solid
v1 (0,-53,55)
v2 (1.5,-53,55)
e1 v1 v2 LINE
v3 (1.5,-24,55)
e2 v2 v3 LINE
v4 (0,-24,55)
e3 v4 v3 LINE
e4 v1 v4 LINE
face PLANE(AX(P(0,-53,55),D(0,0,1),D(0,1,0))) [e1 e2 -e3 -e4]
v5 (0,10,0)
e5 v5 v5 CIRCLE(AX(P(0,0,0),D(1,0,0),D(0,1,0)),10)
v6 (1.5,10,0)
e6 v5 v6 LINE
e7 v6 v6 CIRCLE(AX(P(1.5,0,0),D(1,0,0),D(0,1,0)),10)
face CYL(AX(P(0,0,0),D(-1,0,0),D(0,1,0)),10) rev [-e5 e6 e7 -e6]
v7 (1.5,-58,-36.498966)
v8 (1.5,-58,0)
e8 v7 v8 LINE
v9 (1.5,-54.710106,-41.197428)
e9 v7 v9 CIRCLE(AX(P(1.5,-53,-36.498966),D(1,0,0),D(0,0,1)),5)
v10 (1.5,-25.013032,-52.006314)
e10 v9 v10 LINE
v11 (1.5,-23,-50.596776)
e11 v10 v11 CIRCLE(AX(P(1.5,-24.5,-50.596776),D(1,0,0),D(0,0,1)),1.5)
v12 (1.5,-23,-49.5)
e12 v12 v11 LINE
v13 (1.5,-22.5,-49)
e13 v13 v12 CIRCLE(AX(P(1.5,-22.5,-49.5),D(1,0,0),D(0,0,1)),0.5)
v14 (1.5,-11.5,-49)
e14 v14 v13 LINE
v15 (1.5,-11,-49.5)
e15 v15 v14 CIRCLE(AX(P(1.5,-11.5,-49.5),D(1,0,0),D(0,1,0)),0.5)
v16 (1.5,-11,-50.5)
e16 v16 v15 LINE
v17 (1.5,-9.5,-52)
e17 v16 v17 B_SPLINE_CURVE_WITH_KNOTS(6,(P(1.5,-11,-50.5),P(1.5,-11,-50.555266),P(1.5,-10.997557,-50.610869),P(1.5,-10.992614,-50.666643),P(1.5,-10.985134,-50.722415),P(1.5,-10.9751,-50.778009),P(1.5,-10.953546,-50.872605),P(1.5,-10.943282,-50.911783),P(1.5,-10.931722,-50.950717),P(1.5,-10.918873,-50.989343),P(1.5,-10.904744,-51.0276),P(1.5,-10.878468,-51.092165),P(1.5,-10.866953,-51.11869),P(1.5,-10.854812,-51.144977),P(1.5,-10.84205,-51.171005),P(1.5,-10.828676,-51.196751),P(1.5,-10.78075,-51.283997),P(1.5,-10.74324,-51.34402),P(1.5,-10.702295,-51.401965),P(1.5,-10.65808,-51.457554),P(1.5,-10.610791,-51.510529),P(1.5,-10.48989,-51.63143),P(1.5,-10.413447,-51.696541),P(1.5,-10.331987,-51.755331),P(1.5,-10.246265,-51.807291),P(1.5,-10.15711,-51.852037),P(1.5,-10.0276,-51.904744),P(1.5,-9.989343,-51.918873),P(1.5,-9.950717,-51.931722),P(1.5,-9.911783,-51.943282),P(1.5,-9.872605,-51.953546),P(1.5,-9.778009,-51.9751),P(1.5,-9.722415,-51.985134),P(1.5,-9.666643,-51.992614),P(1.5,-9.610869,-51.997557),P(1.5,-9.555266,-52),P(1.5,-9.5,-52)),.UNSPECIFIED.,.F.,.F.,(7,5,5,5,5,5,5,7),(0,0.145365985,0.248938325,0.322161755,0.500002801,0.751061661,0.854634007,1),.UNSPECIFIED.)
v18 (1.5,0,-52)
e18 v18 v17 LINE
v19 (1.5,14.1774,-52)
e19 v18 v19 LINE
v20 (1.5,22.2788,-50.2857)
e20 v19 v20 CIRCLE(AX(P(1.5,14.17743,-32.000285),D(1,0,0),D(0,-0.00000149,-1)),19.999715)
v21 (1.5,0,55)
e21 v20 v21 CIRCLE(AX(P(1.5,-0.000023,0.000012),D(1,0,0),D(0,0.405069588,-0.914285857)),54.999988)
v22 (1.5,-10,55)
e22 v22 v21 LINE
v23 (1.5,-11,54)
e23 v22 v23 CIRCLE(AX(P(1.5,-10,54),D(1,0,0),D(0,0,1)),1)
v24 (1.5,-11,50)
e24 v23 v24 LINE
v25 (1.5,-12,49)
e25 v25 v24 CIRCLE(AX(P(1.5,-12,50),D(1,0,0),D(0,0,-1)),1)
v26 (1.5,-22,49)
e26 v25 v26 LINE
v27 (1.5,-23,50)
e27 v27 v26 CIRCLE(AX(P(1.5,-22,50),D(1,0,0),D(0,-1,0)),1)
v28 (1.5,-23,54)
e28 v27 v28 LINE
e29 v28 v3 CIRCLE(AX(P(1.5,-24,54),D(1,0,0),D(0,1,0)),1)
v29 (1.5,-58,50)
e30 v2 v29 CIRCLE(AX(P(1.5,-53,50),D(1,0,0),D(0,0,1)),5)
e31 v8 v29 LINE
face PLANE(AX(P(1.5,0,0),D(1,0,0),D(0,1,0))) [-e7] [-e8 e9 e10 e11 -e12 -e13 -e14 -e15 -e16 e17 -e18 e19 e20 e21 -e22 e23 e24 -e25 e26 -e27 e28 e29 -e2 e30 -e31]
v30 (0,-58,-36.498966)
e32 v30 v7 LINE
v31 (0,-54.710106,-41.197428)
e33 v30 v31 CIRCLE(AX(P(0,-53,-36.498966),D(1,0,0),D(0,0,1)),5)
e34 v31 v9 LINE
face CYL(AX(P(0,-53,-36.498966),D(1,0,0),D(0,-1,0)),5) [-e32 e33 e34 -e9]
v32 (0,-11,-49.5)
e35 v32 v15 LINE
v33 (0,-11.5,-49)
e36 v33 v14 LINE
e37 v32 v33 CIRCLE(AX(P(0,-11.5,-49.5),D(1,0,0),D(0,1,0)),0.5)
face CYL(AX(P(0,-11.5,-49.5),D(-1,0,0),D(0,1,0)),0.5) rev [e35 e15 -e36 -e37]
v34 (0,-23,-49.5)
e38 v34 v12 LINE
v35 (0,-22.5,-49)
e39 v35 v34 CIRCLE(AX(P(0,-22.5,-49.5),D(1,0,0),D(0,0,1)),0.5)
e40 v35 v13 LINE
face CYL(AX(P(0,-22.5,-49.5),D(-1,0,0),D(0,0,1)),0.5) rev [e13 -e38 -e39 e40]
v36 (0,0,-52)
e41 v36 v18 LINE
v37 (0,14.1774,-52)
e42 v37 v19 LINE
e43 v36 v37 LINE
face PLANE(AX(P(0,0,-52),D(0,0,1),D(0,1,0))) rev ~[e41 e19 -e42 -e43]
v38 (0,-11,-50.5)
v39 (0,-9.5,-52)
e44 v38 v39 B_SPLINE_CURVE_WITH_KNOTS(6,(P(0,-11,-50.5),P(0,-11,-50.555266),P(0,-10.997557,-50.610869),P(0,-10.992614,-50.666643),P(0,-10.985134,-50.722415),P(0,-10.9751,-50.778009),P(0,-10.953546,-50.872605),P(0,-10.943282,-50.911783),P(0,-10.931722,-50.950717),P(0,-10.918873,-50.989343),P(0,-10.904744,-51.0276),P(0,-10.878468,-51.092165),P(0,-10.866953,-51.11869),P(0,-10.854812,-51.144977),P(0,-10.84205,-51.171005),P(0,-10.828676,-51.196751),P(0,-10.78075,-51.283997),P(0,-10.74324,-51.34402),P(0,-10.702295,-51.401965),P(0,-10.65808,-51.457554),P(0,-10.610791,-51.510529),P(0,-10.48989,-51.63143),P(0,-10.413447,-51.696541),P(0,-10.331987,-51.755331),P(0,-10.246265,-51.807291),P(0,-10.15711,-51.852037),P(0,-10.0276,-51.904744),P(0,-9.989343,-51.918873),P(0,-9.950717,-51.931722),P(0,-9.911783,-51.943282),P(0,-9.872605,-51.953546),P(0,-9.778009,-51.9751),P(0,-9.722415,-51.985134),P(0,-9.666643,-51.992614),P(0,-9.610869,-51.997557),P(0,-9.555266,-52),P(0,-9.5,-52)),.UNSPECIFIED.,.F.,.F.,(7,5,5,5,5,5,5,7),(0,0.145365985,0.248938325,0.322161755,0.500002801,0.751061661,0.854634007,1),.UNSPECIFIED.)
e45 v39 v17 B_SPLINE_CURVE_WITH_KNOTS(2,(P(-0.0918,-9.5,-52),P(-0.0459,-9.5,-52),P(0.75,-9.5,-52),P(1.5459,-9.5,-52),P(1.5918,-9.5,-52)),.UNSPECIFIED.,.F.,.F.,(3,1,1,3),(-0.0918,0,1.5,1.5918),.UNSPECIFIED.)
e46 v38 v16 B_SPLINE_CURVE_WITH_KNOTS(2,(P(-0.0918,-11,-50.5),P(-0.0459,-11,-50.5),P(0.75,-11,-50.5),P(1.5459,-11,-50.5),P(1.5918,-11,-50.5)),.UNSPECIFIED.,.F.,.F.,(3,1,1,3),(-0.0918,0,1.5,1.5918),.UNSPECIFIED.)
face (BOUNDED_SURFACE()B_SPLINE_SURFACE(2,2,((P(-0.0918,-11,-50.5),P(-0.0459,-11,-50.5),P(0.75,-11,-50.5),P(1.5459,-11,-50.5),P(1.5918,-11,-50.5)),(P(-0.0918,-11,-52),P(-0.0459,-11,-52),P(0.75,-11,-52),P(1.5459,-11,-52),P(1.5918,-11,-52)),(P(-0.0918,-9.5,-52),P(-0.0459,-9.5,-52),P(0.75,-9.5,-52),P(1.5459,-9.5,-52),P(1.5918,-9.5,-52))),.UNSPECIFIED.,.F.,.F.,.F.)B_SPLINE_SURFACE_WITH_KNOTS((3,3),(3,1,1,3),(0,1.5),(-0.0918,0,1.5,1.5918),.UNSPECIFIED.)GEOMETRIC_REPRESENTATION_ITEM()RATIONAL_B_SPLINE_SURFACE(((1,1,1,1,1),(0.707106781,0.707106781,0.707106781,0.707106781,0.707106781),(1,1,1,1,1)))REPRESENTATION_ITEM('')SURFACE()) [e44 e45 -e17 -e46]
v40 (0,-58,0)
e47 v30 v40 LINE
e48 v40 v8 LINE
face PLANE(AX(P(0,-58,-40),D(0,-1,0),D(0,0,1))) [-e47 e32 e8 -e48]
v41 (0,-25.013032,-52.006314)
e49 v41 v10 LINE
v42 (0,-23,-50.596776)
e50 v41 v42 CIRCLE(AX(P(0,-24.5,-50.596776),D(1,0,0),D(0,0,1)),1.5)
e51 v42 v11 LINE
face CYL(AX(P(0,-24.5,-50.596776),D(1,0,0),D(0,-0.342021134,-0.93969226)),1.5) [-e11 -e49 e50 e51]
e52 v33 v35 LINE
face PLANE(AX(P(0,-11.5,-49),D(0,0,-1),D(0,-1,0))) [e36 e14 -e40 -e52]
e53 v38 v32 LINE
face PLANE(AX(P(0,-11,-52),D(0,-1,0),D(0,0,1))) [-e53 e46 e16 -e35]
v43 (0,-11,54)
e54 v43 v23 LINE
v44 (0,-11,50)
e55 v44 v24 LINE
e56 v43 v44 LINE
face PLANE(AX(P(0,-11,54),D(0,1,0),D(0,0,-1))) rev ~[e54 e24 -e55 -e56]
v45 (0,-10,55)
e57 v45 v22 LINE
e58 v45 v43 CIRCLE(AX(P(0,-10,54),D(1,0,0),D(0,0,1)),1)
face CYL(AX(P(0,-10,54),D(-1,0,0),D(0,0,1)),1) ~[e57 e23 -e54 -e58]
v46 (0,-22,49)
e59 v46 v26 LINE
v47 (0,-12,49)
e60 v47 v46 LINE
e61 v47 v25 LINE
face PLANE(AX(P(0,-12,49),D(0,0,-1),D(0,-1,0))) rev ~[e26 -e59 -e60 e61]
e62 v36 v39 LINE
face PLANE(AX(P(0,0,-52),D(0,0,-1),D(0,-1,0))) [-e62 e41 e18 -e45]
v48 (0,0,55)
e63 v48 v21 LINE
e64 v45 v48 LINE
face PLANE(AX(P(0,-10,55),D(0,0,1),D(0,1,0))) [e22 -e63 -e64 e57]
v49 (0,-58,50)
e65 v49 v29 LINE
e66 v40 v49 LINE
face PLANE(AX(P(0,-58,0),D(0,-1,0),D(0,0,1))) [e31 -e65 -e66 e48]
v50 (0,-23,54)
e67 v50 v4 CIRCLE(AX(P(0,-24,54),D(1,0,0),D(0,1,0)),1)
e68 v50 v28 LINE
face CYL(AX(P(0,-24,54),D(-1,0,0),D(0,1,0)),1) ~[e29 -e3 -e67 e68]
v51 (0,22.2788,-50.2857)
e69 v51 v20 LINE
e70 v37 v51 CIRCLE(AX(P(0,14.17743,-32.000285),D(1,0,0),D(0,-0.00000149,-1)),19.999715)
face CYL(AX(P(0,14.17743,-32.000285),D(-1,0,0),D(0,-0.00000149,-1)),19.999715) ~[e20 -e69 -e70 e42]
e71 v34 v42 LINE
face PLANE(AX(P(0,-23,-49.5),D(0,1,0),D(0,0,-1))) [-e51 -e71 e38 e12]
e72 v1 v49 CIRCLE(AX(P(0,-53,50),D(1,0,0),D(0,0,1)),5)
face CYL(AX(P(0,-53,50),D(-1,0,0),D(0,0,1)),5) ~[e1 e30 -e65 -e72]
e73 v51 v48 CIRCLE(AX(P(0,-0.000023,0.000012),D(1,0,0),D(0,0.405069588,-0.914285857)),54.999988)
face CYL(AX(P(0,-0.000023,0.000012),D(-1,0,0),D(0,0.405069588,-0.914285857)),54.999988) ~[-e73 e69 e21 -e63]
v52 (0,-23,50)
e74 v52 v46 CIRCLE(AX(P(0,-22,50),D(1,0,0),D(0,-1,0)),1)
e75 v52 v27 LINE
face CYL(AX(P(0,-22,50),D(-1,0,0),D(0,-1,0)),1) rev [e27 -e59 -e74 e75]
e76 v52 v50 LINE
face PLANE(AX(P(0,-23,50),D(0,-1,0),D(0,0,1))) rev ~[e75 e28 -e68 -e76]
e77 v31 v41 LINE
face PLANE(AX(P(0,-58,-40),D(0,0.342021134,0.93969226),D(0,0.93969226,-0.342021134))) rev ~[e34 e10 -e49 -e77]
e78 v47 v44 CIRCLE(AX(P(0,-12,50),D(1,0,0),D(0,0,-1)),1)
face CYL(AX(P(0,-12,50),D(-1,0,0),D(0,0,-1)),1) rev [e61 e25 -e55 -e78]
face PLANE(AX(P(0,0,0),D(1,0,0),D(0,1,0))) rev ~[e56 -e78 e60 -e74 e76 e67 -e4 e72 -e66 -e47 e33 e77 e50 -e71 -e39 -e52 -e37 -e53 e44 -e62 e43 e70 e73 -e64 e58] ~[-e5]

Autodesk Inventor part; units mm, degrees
ref_plane "YZ Plane" through (0, 0, 0) normal (1, 0, 0) x (0, 1, 0)
ref_plane "XZ Plane" through (0, 0, 0) normal (0, 1, 0) x (-1, 0, 0)
ref_plane "XY Plane" through (0, 0, 0) normal (0, 0, 1) x (1, 0, 0)
sketch "Sketch1" plane through (0, 0, 0) normal (1, 0, 0) x (0, 1, 0)
  line L0 (-58, -40) -> (-58, 50)
  line L1 (0, 0) -> (-57.3223, 54.5531) construction
  circle A0 centre (0, 0) radius 47 construction
  circle A1 centre (0, 0) radius 10
  line L2 (-11, -52) -> (14.1774, -52)
  line L3 (-58, 0) -> (-58, -40)
  line L4 (0, 0) -> (0, -52) construction
  line L5 (-58, -40) -> (-23, -52.739)
  circle A2 centre (0, 0) radius 50 construction
  arc A3 (22.2788, -50.2857) -> (0, 55) centre (0, 0) ccw
  line L6 (-43.4633, 41.3636) -> (-48.6337, 35.9307)
  arc A4 (-53, 55) -> (-58, 50) centre (-53, 50) ccw
  line L7 (-11, 54) -> (-11, 50)
  line L8 (-12, 49) -> (-22, 49)
  line L9 (-23, 50) -> (-23, 54)
  line L10 (-53, 55) -> (-24, 55)
  line L11 (-10, 55) -> (0, 55)
  arc A5 (-23, 54) -> (-24, 55) centre (-24, 54) ccw
  arc A6 (-10, 55) -> (-11, 54) centre (-10, 54) ccw
  arc A7 (-12, 49) -> (-11, 50) centre (-12, 50) ccw
  arc A8 (-23, 50) -> (-22, 49) centre (-22, 50) ccw
  arc A9 (14.1774, -52) -> (22.2788, -50.2857) centre (14.1774, -32) ccw
  line L12 (-23, -49.5) -> (-23, -52.739)
  line L13 (-11, -52) -> (-11, -49.5)
  line L14 (-11.5, -49) -> (-22.5, -49)
  arc A10 (-11, -49.5) -> (-11.5, -49) centre (-11.5, -49.5) ccw
  arc A11 (-22.5, -49) -> (-23, -49.5) centre (-22.5, -49.5) ccw
  line L15 (0, -52) -> (-10, -52)
  point P0 (-28.9755, 27.5757)
  point P1 (-57.7919, 55)
  point P2 (-58, 55)
  point P3 (-25.2108, 39.6663)
  point P4 (17.9165, -52)
  point P5 (-23, 55)
  point P6 (-11, 52)
  dimension "d4" = 94
  dimension "d8" = 60
  dimension "d9" = 20
  dimension "d13" = 52
  dimension "d20" = 100
  dimension "d31" = 55
  dimension "d34" = 58
  dimension "d52" = 5
  dimension "d54" = 47
  dimension "d56" = 1
  dimension "d59" = 20
  dimension "d60" = 12
  dimension "d61" = 6
  dimension "d65" = 0.5
  dimension "d71" = 95
  dimension "d74" = 110
  dimension "d75" = 12
  dimension "d76" = 3
extrude "Extrusion4" add sketch "Sketch1" along normal blind 1.5
fillet "Fillet1" radius 5 1 edges at (0.75, -58, -40)
fillet "Fillet2" radius 1.5 2 edges at (0.75, -23, -52.739) (0.75, -11, -52)
properties part number "OuterFlange27130914"
